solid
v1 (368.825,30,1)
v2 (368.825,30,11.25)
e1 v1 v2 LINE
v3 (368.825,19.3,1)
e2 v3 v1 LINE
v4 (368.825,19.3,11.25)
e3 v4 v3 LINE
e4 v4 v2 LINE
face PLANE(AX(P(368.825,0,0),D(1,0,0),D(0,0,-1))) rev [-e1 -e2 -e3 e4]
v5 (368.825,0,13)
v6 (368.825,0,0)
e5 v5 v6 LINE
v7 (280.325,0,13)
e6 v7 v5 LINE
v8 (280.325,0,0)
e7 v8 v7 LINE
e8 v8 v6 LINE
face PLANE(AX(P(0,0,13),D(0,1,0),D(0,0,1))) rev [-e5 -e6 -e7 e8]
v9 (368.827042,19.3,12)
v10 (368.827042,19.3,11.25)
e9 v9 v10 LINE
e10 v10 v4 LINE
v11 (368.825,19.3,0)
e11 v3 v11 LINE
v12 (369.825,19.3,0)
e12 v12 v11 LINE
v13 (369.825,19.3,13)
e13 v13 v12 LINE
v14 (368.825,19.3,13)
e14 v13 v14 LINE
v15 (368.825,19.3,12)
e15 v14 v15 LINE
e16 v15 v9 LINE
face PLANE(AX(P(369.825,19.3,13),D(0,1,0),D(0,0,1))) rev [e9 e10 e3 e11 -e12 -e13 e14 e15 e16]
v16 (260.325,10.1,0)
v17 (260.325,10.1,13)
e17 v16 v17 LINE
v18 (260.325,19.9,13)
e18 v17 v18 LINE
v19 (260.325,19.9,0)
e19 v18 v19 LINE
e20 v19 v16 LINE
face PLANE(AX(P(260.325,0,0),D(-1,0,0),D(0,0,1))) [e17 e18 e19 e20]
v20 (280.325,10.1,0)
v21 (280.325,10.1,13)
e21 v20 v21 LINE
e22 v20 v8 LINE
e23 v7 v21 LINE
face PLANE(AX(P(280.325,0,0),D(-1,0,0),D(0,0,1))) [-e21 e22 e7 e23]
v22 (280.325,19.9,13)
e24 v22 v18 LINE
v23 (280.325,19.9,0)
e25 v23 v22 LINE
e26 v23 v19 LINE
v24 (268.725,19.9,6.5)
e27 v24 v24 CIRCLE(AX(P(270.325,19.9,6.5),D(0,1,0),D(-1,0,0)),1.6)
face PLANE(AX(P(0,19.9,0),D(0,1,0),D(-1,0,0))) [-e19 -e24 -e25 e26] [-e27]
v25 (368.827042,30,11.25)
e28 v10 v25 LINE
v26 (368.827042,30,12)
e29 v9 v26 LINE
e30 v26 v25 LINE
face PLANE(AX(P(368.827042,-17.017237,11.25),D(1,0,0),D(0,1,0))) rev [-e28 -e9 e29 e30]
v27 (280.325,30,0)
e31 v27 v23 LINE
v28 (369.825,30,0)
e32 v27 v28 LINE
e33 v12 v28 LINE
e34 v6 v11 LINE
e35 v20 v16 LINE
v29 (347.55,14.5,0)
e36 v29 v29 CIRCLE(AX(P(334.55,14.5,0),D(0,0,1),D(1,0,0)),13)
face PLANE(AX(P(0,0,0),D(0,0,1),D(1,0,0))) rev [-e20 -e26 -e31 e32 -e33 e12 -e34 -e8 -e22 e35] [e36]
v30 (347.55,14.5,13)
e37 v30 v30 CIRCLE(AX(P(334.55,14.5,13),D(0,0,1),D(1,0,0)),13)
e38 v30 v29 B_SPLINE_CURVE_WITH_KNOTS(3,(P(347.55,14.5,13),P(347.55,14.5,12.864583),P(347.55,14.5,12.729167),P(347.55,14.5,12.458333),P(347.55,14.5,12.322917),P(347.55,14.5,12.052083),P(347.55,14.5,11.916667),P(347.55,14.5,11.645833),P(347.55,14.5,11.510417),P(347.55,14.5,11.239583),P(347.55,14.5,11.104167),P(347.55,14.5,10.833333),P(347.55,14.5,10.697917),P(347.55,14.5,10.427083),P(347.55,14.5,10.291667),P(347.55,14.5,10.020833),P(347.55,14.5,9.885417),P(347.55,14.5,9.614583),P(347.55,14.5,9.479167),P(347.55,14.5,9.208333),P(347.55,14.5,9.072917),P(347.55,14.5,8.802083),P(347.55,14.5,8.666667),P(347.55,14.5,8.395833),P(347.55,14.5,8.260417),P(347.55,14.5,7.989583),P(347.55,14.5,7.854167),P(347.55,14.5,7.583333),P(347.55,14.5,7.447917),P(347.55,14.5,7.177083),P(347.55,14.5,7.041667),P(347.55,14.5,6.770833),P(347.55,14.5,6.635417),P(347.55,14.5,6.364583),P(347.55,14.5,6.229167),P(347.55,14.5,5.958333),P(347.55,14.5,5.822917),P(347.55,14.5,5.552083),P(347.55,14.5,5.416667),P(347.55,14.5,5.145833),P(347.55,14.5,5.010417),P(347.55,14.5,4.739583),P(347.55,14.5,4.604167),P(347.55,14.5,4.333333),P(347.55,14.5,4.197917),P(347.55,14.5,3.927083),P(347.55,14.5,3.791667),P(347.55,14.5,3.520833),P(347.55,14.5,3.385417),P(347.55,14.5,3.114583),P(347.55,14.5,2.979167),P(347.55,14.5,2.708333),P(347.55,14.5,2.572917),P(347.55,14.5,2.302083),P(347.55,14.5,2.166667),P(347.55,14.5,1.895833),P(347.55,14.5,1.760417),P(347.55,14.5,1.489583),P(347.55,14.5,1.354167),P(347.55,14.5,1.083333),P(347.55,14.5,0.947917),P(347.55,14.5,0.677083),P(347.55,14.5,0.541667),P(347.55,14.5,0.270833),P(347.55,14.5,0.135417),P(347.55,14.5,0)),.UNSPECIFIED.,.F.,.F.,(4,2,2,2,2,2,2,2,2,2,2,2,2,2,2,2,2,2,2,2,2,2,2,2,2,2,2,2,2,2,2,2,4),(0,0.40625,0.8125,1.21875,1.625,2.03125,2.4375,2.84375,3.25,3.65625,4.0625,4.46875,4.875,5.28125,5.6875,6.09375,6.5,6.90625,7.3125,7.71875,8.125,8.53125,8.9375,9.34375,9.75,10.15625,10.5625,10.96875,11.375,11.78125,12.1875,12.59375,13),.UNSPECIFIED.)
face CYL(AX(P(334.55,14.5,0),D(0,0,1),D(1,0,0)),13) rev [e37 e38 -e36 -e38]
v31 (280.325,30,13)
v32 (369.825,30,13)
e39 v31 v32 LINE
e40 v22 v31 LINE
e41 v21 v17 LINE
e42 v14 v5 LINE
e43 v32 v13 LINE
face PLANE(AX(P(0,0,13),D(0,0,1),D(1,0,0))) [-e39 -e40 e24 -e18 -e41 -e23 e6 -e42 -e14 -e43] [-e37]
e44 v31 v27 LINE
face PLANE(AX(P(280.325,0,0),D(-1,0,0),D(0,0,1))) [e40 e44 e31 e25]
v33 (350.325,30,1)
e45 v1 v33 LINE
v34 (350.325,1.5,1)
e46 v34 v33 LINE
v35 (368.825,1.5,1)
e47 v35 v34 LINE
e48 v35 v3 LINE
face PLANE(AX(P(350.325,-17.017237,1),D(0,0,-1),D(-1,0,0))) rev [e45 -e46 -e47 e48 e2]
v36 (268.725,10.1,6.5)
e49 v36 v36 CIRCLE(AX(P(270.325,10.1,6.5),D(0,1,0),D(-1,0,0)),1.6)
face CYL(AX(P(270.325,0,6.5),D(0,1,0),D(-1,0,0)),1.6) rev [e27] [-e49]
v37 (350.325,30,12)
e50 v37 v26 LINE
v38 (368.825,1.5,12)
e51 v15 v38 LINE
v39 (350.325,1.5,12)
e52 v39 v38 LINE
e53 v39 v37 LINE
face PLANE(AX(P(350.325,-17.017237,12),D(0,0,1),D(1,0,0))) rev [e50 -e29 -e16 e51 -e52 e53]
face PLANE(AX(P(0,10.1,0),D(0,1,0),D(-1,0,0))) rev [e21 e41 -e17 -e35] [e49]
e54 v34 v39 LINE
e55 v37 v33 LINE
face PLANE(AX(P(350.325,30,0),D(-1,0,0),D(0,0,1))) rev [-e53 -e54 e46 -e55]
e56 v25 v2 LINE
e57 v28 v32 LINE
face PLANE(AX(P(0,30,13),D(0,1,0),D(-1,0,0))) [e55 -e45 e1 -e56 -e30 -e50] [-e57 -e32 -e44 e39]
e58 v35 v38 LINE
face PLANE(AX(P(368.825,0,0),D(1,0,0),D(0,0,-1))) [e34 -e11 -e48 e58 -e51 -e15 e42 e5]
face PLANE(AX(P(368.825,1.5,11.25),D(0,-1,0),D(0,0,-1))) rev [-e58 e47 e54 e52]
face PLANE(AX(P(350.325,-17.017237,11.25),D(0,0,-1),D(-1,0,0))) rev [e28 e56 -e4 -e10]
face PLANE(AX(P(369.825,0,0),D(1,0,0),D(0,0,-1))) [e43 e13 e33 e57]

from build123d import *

# Parameters (mm, degrees)
SKETCH1_W               = 355.325
SKETCH1_H               = 30
SKETCH1_R               = 12.5
SKETCH1_R_2             = 1
SKETCH1_W_2             = 50
SKETCH1_H_2             = 5
BOSS_EXTRUDE3_DEPTH     = 13
FILLET3_R               = 5
SKETCH3_R               = 12.5
BOSS_EXTRUDE4_DEPTH     = 13
CUT_EXTRUDE1_REACH      = 359.536
SKETCH4_R               = 1.425
SKETCH5_W               = 63.83
SKETCH5_H               = 18
CUT_EXTRUDE3_DEPTH      = 358.535810269
FILLET4_R               = 5
SKETCH6_W               = 63.8325
SKETCH6_H               = 17
CUT_EXTRUDE4_DEPTH      = 5
SKETCH7_R               = 2.159563788
SKETCH7_R_2             = 1
SKETCH7_R_3             = 2.117135705
SKETCH7_R_4             = 1.916104153
SKETCH7_R_5             = 2.415941568
BOSS_EXTRUDE5_DEPTH     = 8
SKETCH8_R               = 12.5
BOSS_EXTRUDE6_DEPTH     = 13
CUT_EXTRUDE5_DEPTH      = 358.535810269
CUT_EXTRUDE5_DEPTH_BACK = 358.535810269
SKETCH10_R              = 12.5
SKETCH10_R_2            = 13
SKETCH13_W              = 13
SKETCH13_H              = 30
BOSS_EXTRUDE7_DEPTH     = 5
SKETCH14_W              = 13
SKETCH14_H              = 9.8
BOSS_EXTRUDE8_DEPTH     = 5
SKETCH15_R              = 1.6
CUT_EXTRUDE6_DEPTH      = 357.119173347
SKETCH17_W              = 5
SKETCH17_H              = 30
CUT_EXTRUDE7_DEPTH      = 357.826085965
BOSS_EXTRUDE9_DEPTH     = 18.5
SKETCH19_W              = 13
SKETCH19_H              = 10.7
BOSS_EXTRUDE10_DEPTH    = 1
CUT_EXTRUDE8_REACH      = 373.267
SKETCH20_W              = 18.5
SKETCH20_H              = 0.75
SKETCH20_W_2            = 18.502042188


with BuildPart() as part:
    # Sketch1 → Boss-Extrude3 (new body)
    # profile 1 of 3: a face of its own
    with BuildSketch(Plane.XY):
        with Locations((177.6625, 15)):
            Rectangle(SKETCH1_W, SKETCH1_H)
        with Locations(Location((334.55, 14.5, 0), (0, 0, 180))):
            Circle(SKETCH1_R, mode=Mode.SUBTRACT)
        with Locations(Location((20.775, 14.5, 0), (0, 0, 180))):
            Circle(SKETCH1_R, mode=Mode.SUBTRACT)
    # profile 2 of 3: a face of its own
    with BuildSketch(Plane.XY):
        Polygon((177.6625, 0), (50, 0), (50, -5), (50, -17), (177.6625, -17), align=None)
        with Locations(Location((60, -14.5, 0), (0, 0, 180))):
            Circle(SKETCH1_R_2, mode=Mode.SUBTRACT)
        with Locations(Location((68, -14.5, 0), (0, 0, 180))):
            Circle(SKETCH1_R_2, mode=Mode.SUBTRACT)
        with Locations(Location((60, -2.5, 0), (0, 0, 180))):
            Circle(SKETCH1_R_2, mode=Mode.SUBTRACT)
        with Locations(Location((68, -2.5, 0), (0, 0, 180))):
            Circle(SKETCH1_R_2, mode=Mode.SUBTRACT)
    # profile 3 of 3: a face of its own
    with BuildSketch(Plane.XY):
        with Locations((25, -2.5)):
            Rectangle(SKETCH1_W_2, SKETCH1_H_2)
    extrude(amount=BOSS_EXTRUDE3_DEPTH)

    # Fillet3
    fillet3_edges = [part.edges().sort_by_distance(p)[0] for p in [
        (0, -5, 6.5),
        (0, 30, 6.5),
        (355.325, 30, 6.5),
        (355.325, 0, 6.5),
        (177.6625, -17, 6.5),
        (50, -17, 6.5),
    ]]
    fillet(fillet3_edges, radius=FILLET3_R)

    # Sketch3 → Boss-Extrude4 (add)
    with BuildSketch(Plane.XY.offset(13)):
        with Locations(Location((85, 14.5, 0), (0, 0, 180))):
            Circle(SKETCH3_R)
        with Locations(Location((165, 14.5, 0), (0, 0, 180))):
            Circle(SKETCH3_R)
        with Locations(Location((245, 14.5, 0), (0, 0, 180))):
            Circle(SKETCH3_R)
    extrude(amount=BOSS_EXTRUDE4_DEPTH)

    # Sketch4 → Cut-Extrude1 (cut, up to next)
    with BuildSketch(Plane(origin=(0, 0, 0), x_dir=(-1, 0, 0), z_dir=(0, 0, -1)), mode=Mode.PRIVATE) as cut_extrude1_sk1:
        with Locations((-68, -2.5)):
            Circle(SKETCH4_R)
    cut_extrude1_tool1 = extrude(cut_extrude1_sk1.sketch, amount=-CUT_EXTRUDE1_REACH, mode=Mode.PRIVATE) & part.part
    # Sketch4 → Cut-Extrude1 (cut, up to next)
    with BuildSketch(Plane(origin=(0, 0, 0), x_dir=(-1, 0, 0), z_dir=(0, 0, -1)), mode=Mode.PRIVATE) as cut_extrude1_sk2:
        with Locations((-60, -2.5)):
            Circle(SKETCH4_R)
    cut_extrude1_tool2 = extrude(cut_extrude1_sk2.sketch, amount=-CUT_EXTRUDE1_REACH, mode=Mode.PRIVATE) & part.part
    # Sketch4 → Cut-Extrude1 (cut, up to next)
    with BuildSketch(Plane(origin=(0, 0, 0), x_dir=(-1, 0, 0), z_dir=(0, 0, -1)), mode=Mode.PRIVATE) as cut_extrude1_sk3:
        with Locations((-60, -14.5)):
            Circle(SKETCH4_R)
    cut_extrude1_tool3 = extrude(cut_extrude1_sk3.sketch, amount=-CUT_EXTRUDE1_REACH, mode=Mode.PRIVATE) & part.part
    # Sketch4 → Cut-Extrude1 (cut, up to next)
    with BuildSketch(Plane(origin=(0, 0, 0), x_dir=(-1, 0, 0), z_dir=(0, 0, -1)), mode=Mode.PRIVATE) as cut_extrude1_sk4:
        with Locations((-68, -14.5)):
            Circle(SKETCH4_R)
    cut_extrude1_tool4 = extrude(cut_extrude1_sk4.sketch, amount=-CUT_EXTRUDE1_REACH, mode=Mode.PRIVATE) & part.part
    add(cut_extrude1_tool1.solids().sort_by_distance((68, -2.5, 0))[0], mode=Mode.SUBTRACT)
    add(cut_extrude1_tool2.solids().sort_by_distance((60, -2.5, 0))[0], mode=Mode.SUBTRACT)
    add(cut_extrude1_tool3.solids().sort_by_distance((60, -14.5, 0))[0], mode=Mode.SUBTRACT)
    add(cut_extrude1_tool4.solids().sort_by_distance((68, -14.5, 0))[0], mode=Mode.SUBTRACT)

    # Sketch5 → Cut-Extrude3 (cut, through all)
    with BuildSketch(Plane(origin=(0, 0, 0), x_dir=(-1, 0, 0), z_dir=(0, 0, -1))):
        with Locations((-145.7475, -9)):
            Rectangle(SKETCH5_W, SKETCH5_H)
    extrude(amount=-CUT_EXTRUDE3_DEPTH, mode=Mode.SUBTRACT)

    # Fillet4
    fillet4_edges = [part.edges().sort_by_distance(p)[0] for p in [
        (113.8325, -17, 6.5),
    ]]
    fillet(fillet4_edges, radius=FILLET4_R)

    # Sketch6 → Cut-Extrude4 (cut)
    with BuildSketch(Plane.XY.offset(13)):
        with Locations((81.91625, -8.5)):
            Rectangle(SKETCH6_W, SKETCH6_H)
    extrude(amount=-CUT_EXTRUDE4_DEPTH, mode=Mode.SUBTRACT)

    # Sketch7 → Boss-Extrude5 (add)
    # profile 1 of 4: a face of its own
    with BuildSketch(Plane.XY.offset(8)):
        with Locations((60, -14.5)):
            Circle(SKETCH7_R)
        with Locations((60, -14.5)):
            Circle(SKETCH7_R_2, mode=Mode.SUBTRACT)
    # profile 2 of 4: a face of its own
    with BuildSketch(Plane.XY.offset(8)):
        with Locations((60, -2.5)):
            Circle(SKETCH7_R_3)
        with Locations((60, -2.5)):
            Circle(SKETCH7_R_2, mode=Mode.SUBTRACT)
    # profile 3 of 4: a face of its own
    with BuildSketch(Plane.XY.offset(8)):
        with Locations((68, -2.5)):
            Circle(SKETCH7_R_4)
        with Locations((68, -2.5)):
            Circle(SKETCH7_R_2, mode=Mode.SUBTRACT)
    # profile 4 of 4: a face of its own
    with BuildSketch(Plane.XY.offset(8)):
        with Locations((68, -14.5)):
            Circle(SKETCH7_R_5)
        with Locations((68, -14.5)):
            Circle(SKETCH7_R_2, mode=Mode.SUBTRACT)
    extrude(amount=-BOSS_EXTRUDE5_DEPTH)

    # Sketch8 → Boss-Extrude6 (add)
    with BuildSketch(Plane.XY.offset(26)):
        with Locations(Location((85, 14.5, 0), (0, 0, 180))):
            Circle(SKETCH8_R)
        with Locations(Location((165, 14.5, 0), (0, 0, 180))):
            Circle(SKETCH8_R)
        with Locations(Location((245, 14.5, 0), (0, 0, 180))):
            Circle(SKETCH8_R)
    extrude(amount=BOSS_EXTRUDE6_DEPTH)

    # Sketch10 → Cut-Extrude5 (cut, two sides: drawn at the far end of the back side and taken through both)
    # profile 1 of 6: a face of its own
    with BuildSketch(Plane.XY.offset(13).offset(-CUT_EXTRUDE5_DEPTH_BACK)):
        with BuildLine():
            Line((285.325, 19.9), (285.325, 30))
            Line((285.325, 30), (5, 30))
            ThreePointArc((5, 30), (1.464466094, 28.535533906), (0, 25))
            Line((0, 25), (0, 0))
            ThreePointArc((0, 0), (1.464466094, -3.535533906), (5, -5))
            Line((5, -5), (50, -5))
            Line((50, -5), (50, 0))
            Line((50, 0), (113.8325, 0))
            Line((113.8325, 0), (285.325, 0))
            Line((285.325, 0), (285.325, 10.1))
            Line((285.325, 10.1), (265.325, 10.1))
            Line((265.325, 10.1), (265.325, 19.9))
            Line((265.325, 19.9), (285.325, 19.9))
        make_face()
        with Locations((20.775, 14.5)):
            Circle(SKETCH10_R, mode=Mode.SUBTRACT)
        with Locations((85, 14.5)):
            Circle(SKETCH10_R, mode=Mode.SUBTRACT)
        with Locations((165, 14.5)):
            Circle(SKETCH10_R, mode=Mode.SUBTRACT)
        with Locations((245, 14.5)):
            Circle(SKETCH10_R, mode=Mode.SUBTRACT)
    # profile 2 of 6: a face of its own
    with BuildSketch(Plane.XY.offset(13).offset(-CUT_EXTRUDE5_DEPTH_BACK)):
        with Locations((334.55, 14.5)):
            Circle(SKETCH10_R_2)
        with Locations((334.55, 14.5)):
            Circle(SKETCH10_R, mode=Mode.SUBTRACT)
    # profile 3 of 6: a face of its own
    with BuildSketch(Plane.XY.offset(13).offset(-CUT_EXTRUDE5_DEPTH_BACK)):
        with Locations((85, 14.5)):
            Circle(SKETCH10_R)
    # profile 4 of 6: a face of its own
    with BuildSketch(Plane.XY.offset(13).offset(-CUT_EXTRUDE5_DEPTH_BACK)):
        with Locations((165, 14.5)):
            Circle(SKETCH10_R)
    # profile 5 of 6: a face of its own
    with BuildSketch(Plane.XY.offset(13).offset(-CUT_EXTRUDE5_DEPTH_BACK)):
        with Locations((245, 14.5)):
            Circle(SKETCH10_R)
    # profile 6 of 6: a face of its own
    with BuildSketch(Plane.XY.offset(13).offset(-CUT_EXTRUDE5_DEPTH_BACK)):
        with BuildLine():
            Line((50, 0), (50, -5))
            Line((50, -5), (50, -12))
            ThreePointArc((50, -12), (51.464466094, -15.535533906), (55, -17))
            Line((55, -17), (108.8325, -17))
            ThreePointArc((108.8325, -17), (112.368033906, -15.535533906), (113.8325, -12))
            Line((113.8325, -12), (113.8325, 0))
            Line((113.8325, 0), (50, 0))
        make_face()
    extrude(amount=CUT_EXTRUDE5_DEPTH + CUT_EXTRUDE5_DEPTH_BACK, mode=Mode.SUBTRACT)

    # Sketch13 → Boss-Extrude7 (add)
    with BuildSketch(Plane.ZY.offset(-285.325)):
        with Locations((6.5, 15)):
            Rectangle(SKETCH13_W, SKETCH13_H)
    extrude(amount=BOSS_EXTRUDE7_DEPTH)

    # Sketch14 → Boss-Extrude8 (add)
    with BuildSketch(Plane.ZY.offset(-265.325)):
        with Locations((6.5, 15)):
            Rectangle(SKETCH14_W, SKETCH14_H)
    extrude(amount=BOSS_EXTRUDE8_DEPTH)

    # Sketch15 → Cut-Extrude6 (cut, through all)
    with BuildSketch(Plane(origin=(0, 19.9, 0), x_dir=(1, 0, 0), z_dir=(0, 1, 0))):
        with Locations(Location((270.325, -6.5, 0), (0, 0, 180))):
            Circle(SKETCH15_R)
    extrude(amount=-CUT_EXTRUDE6_DEPTH, mode=Mode.SUBTRACT)

    # Sketch17 → Cut-Extrude7 (cut, through all)
    with BuildSketch(Plane.XY.offset(13)):
        with Locations((352.825, 15)):
            Rectangle(SKETCH17_W, SKETCH17_H)
    extrude(amount=-CUT_EXTRUDE7_DEPTH, mode=Mode.SUBTRACT)

    # Sketch18 → Boss-Extrude9 (add)
    with BuildSketch(Plane(origin=(350.325, 0, 0), x_dir=(0, 0, -1), z_dir=(1, 0, 0))):
        Polygon((-11.25, 30), (-11.25, 1.5), (-1.75, 1.5), (-1.75, 30), (0, 30), (0, 0), (-13, 0), (-13, 30), align=None)
    extrude(amount=BOSS_EXTRUDE9_DEPTH)

    # Sketch19 → Boss-Extrude10 (add)
    with BuildSketch(Plane(origin=(368.825, 0, 0), x_dir=(0, 0, -1), z_dir=(1, 0, 0))):
        with Locations((-6.5, 24.65)):
            Rectangle(SKETCH19_W, SKETCH19_H)
    extrude(amount=BOSS_EXTRUDE10_DEPTH)

    # Cut-Extrude8: up to this face of the body (flat: up to its plane)
    cut_extrude8_end = Plane(part.part.faces().sort_by_distance((359.575, 1.5, 6.5))[0])
    # Sketch20 → Cut-Extrude8 (cut, up to the picked face)
    with BuildSketch(Plane(origin=(0, 30, 0), x_dir=(1, 0, 0), z_dir=(0, 1, 0)), mode=Mode.PRIVATE) as cut_extrude8_sk1:
        with Locations((359.575, -1.375)):
            Rectangle(SKETCH20_W, SKETCH20_H)
    cut_extrude8_tool1 = split(extrude(cut_extrude8_sk1.sketch, amount=-CUT_EXTRUDE8_REACH, mode=Mode.PRIVATE), bisect_by=cut_extrude8_end, keep=Keep.BOTH, mode=Mode.PRIVATE)
    # Sketch20 → Cut-Extrude8 (cut, up to the picked face)
    with BuildSketch(Plane(origin=(0, 30, 0), x_dir=(1, 0, 0), z_dir=(0, 1, 0)), mode=Mode.PRIVATE) as cut_extrude8_sk2:
        with Locations((359.576021094, -11.625)):
            Rectangle(SKETCH20_W_2, SKETCH20_H)
    cut_extrude8_tool2 = split(extrude(cut_extrude8_sk2.sketch, amount=-CUT_EXTRUDE8_REACH, mode=Mode.PRIVATE), bisect_by=cut_extrude8_end, keep=Keep.BOTH, mode=Mode.PRIVATE)
    add(cut_extrude8_tool1.solids().sort_by(Axis((359.575, 30, 1.375), (0, -1, 0)))[0], mode=Mode.SUBTRACT)
    add(cut_extrude8_tool2.solids().sort_by(Axis((359.576021, 30, 11.625), (0, -1, 0)))[0], mode=Mode.SUBTRACT)


solid = part.part
